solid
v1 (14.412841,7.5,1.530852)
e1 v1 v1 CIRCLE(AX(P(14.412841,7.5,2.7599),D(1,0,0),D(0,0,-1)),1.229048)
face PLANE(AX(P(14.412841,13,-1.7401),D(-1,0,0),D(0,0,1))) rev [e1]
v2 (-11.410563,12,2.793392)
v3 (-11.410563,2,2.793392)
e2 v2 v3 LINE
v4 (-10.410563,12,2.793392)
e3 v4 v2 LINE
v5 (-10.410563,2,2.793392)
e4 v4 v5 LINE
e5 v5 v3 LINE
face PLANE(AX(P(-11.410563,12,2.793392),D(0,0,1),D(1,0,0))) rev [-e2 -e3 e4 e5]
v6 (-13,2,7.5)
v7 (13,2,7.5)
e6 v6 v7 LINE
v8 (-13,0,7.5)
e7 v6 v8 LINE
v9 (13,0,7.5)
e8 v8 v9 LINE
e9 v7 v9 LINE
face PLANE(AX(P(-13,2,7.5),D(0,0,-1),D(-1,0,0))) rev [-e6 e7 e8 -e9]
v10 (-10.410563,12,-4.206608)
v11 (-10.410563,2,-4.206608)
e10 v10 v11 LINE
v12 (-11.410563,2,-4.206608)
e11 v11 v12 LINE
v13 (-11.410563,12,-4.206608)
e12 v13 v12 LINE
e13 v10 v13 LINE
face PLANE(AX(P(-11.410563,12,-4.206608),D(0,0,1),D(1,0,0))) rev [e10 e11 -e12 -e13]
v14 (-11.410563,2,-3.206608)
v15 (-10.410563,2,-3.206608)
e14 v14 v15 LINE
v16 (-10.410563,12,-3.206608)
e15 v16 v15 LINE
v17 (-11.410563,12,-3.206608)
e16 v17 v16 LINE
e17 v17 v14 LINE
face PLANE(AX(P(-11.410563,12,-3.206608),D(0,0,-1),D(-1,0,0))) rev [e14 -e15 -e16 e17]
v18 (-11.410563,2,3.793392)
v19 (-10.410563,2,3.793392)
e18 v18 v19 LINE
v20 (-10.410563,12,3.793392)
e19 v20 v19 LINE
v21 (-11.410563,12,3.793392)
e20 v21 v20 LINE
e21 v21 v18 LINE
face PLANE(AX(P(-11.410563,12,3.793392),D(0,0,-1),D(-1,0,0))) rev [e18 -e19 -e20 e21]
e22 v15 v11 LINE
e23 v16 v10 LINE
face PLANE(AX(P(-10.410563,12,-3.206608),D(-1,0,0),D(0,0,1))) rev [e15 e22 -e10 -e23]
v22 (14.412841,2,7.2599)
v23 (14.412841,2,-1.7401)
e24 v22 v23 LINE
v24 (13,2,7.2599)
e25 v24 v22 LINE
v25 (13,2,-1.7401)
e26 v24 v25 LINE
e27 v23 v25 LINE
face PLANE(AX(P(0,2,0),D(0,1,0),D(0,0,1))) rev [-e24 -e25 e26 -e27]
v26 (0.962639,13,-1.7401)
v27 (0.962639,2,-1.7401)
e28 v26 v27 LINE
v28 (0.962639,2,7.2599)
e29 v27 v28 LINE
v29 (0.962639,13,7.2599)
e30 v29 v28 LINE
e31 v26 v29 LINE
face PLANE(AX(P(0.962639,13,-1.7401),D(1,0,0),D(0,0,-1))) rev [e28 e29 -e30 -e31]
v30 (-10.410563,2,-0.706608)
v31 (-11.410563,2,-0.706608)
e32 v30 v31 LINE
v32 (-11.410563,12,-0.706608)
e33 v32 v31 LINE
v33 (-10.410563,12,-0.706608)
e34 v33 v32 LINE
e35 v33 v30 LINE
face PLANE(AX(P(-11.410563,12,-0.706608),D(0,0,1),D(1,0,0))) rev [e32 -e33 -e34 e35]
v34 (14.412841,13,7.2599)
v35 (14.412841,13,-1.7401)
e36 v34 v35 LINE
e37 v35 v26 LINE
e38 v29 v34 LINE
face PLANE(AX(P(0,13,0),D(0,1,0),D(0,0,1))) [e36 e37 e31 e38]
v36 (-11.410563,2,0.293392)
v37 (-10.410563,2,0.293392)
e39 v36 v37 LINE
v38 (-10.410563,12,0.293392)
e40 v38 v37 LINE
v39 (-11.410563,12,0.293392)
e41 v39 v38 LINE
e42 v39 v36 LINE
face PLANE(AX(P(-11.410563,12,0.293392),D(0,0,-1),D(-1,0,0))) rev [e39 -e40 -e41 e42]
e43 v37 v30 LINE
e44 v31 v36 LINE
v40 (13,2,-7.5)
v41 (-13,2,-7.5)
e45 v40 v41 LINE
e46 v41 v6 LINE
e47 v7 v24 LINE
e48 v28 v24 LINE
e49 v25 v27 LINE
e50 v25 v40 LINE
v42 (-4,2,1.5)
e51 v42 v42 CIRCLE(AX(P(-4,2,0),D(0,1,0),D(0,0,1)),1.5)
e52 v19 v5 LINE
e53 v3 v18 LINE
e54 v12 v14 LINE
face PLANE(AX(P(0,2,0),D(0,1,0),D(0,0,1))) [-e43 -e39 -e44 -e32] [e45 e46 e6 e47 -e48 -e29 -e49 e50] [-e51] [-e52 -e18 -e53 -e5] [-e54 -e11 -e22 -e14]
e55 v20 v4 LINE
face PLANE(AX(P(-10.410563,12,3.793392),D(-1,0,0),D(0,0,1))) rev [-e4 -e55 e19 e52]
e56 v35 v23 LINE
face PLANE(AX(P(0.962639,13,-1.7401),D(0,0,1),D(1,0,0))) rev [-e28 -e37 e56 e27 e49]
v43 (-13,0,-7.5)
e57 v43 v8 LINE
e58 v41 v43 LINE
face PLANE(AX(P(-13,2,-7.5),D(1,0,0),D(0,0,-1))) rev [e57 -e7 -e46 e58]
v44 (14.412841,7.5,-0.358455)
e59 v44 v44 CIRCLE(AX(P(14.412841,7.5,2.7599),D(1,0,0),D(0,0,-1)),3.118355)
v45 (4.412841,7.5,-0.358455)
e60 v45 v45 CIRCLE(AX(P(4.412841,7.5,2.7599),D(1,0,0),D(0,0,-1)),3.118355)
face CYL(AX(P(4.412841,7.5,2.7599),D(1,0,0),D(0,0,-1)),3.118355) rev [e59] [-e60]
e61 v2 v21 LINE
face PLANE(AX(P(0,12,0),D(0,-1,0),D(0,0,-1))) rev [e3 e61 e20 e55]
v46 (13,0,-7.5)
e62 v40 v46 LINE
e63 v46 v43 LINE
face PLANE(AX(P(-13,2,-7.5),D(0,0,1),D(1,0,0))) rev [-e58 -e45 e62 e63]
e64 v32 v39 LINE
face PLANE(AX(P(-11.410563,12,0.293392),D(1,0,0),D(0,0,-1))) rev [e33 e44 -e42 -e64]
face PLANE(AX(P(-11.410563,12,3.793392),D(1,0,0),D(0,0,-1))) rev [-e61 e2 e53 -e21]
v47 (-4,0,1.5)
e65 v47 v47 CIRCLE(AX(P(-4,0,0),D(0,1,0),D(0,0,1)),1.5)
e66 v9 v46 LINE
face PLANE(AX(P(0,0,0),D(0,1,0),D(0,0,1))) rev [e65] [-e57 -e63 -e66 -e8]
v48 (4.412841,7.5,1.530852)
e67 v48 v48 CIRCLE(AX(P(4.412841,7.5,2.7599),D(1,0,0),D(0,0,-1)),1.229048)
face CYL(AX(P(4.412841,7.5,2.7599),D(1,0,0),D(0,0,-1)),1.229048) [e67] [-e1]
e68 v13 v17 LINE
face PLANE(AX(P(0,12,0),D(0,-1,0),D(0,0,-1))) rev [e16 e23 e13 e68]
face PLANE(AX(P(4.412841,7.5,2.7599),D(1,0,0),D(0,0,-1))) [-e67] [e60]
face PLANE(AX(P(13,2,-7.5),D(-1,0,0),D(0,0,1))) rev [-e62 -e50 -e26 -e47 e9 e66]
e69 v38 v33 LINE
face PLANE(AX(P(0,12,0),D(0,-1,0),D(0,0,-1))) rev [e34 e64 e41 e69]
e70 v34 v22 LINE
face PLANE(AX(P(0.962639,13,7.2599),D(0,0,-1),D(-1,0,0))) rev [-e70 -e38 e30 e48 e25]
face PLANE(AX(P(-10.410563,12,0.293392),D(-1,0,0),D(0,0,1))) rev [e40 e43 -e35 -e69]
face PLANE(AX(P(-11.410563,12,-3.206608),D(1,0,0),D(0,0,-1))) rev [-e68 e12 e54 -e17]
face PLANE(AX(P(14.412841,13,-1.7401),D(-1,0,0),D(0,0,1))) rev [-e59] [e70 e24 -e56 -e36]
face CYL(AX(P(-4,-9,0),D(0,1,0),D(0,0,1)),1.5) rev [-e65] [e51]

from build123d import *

# Parameters (mm, degrees)
SKETCH1_W           = 26
SKETCH1_H           = 15
BOSS_EXTRUDE1_DEPTH = 2
SKETCH2_W           = 13.45020195
SKETCH2_H           = 9
BOSS_EXTRUDE2_DEPTH = 11
SKETCH3_R           = 1.5
CUT_EXTRUDE1_DEPTH  = 11
SKETCH4_W           = 1
SKETCH4_H           = 1
BOSS_EXTRUDE3_DEPTH = 10
SKETCH5_R           = 3.118355213
SKETCH5_R_2         = 1.2290481
CUT_EXTRUDE2_DEPTH  = 10


with BuildPart() as part:
    # Sketch1 → Boss-Extrude1 (new body)
    with BuildSketch(Plane(origin=(0, 0, 0), x_dir=(1, 0, 0), z_dir=(0, 1, 0))):
        Rectangle(SKETCH1_W, SKETCH1_H)
    extrude(amount=BOSS_EXTRUDE1_DEPTH)

    # Sketch2 → Boss-Extrude2 (add)
    with BuildSketch(Plane(origin=(0, 2, 0), x_dir=(1, 0, 0), z_dir=(0, 1, 0))):
        with Locations((7.687739683, -2.759900257)):
            Rectangle(SKETCH2_W, SKETCH2_H)
    extrude(amount=BOSS_EXTRUDE2_DEPTH)

    # Sketch3 → Cut-Extrude1 (cut)
    with BuildSketch(Plane(origin=(0, 2, 0), x_dir=(1, 0, 0), z_dir=(0, 1, 0))):
        with Locations(Location((-4, 0, 0), (0, 0, 270))):
            Circle(SKETCH3_R)
    extrude(amount=-CUT_EXTRUDE1_DEPTH, mode=Mode.SUBTRACT)

    # Sketch4 → Boss-Extrude3 (add)
    with BuildSketch(Plane(origin=(0, 2, 0), x_dir=(1, 0, 0), z_dir=(0, 1, 0))):
        with Locations((-10.910563353, -3.293392003)):
            Rectangle(SKETCH4_W, SKETCH4_H)
        with Locations((-10.910563353, 0.206607997)):
            Rectangle(SKETCH4_W, SKETCH4_H)
        with Locations((-10.910563353, 3.706607997)):
            Rectangle(SKETCH4_W, SKETCH4_H)
    extrude(amount=BOSS_EXTRUDE3_DEPTH)

    # Sketch5 → Cut-Extrude2 (cut)
    with BuildSketch(Plane(origin=(14.412840658, 0, 0), x_dir=(0, 0, -1), z_dir=(1, 0, 0))):
        with Locations((-2.759900257, 7.5)):
            Circle(SKETCH5_R)
        with Locations((-2.759900257, 7.5)):
            Circle(SKETCH5_R_2, mode=Mode.SUBTRACT)
    extrude(amount=-CUT_EXTRUDE2_DEPTH, mode=Mode.SUBTRACT)


solid = part.part
